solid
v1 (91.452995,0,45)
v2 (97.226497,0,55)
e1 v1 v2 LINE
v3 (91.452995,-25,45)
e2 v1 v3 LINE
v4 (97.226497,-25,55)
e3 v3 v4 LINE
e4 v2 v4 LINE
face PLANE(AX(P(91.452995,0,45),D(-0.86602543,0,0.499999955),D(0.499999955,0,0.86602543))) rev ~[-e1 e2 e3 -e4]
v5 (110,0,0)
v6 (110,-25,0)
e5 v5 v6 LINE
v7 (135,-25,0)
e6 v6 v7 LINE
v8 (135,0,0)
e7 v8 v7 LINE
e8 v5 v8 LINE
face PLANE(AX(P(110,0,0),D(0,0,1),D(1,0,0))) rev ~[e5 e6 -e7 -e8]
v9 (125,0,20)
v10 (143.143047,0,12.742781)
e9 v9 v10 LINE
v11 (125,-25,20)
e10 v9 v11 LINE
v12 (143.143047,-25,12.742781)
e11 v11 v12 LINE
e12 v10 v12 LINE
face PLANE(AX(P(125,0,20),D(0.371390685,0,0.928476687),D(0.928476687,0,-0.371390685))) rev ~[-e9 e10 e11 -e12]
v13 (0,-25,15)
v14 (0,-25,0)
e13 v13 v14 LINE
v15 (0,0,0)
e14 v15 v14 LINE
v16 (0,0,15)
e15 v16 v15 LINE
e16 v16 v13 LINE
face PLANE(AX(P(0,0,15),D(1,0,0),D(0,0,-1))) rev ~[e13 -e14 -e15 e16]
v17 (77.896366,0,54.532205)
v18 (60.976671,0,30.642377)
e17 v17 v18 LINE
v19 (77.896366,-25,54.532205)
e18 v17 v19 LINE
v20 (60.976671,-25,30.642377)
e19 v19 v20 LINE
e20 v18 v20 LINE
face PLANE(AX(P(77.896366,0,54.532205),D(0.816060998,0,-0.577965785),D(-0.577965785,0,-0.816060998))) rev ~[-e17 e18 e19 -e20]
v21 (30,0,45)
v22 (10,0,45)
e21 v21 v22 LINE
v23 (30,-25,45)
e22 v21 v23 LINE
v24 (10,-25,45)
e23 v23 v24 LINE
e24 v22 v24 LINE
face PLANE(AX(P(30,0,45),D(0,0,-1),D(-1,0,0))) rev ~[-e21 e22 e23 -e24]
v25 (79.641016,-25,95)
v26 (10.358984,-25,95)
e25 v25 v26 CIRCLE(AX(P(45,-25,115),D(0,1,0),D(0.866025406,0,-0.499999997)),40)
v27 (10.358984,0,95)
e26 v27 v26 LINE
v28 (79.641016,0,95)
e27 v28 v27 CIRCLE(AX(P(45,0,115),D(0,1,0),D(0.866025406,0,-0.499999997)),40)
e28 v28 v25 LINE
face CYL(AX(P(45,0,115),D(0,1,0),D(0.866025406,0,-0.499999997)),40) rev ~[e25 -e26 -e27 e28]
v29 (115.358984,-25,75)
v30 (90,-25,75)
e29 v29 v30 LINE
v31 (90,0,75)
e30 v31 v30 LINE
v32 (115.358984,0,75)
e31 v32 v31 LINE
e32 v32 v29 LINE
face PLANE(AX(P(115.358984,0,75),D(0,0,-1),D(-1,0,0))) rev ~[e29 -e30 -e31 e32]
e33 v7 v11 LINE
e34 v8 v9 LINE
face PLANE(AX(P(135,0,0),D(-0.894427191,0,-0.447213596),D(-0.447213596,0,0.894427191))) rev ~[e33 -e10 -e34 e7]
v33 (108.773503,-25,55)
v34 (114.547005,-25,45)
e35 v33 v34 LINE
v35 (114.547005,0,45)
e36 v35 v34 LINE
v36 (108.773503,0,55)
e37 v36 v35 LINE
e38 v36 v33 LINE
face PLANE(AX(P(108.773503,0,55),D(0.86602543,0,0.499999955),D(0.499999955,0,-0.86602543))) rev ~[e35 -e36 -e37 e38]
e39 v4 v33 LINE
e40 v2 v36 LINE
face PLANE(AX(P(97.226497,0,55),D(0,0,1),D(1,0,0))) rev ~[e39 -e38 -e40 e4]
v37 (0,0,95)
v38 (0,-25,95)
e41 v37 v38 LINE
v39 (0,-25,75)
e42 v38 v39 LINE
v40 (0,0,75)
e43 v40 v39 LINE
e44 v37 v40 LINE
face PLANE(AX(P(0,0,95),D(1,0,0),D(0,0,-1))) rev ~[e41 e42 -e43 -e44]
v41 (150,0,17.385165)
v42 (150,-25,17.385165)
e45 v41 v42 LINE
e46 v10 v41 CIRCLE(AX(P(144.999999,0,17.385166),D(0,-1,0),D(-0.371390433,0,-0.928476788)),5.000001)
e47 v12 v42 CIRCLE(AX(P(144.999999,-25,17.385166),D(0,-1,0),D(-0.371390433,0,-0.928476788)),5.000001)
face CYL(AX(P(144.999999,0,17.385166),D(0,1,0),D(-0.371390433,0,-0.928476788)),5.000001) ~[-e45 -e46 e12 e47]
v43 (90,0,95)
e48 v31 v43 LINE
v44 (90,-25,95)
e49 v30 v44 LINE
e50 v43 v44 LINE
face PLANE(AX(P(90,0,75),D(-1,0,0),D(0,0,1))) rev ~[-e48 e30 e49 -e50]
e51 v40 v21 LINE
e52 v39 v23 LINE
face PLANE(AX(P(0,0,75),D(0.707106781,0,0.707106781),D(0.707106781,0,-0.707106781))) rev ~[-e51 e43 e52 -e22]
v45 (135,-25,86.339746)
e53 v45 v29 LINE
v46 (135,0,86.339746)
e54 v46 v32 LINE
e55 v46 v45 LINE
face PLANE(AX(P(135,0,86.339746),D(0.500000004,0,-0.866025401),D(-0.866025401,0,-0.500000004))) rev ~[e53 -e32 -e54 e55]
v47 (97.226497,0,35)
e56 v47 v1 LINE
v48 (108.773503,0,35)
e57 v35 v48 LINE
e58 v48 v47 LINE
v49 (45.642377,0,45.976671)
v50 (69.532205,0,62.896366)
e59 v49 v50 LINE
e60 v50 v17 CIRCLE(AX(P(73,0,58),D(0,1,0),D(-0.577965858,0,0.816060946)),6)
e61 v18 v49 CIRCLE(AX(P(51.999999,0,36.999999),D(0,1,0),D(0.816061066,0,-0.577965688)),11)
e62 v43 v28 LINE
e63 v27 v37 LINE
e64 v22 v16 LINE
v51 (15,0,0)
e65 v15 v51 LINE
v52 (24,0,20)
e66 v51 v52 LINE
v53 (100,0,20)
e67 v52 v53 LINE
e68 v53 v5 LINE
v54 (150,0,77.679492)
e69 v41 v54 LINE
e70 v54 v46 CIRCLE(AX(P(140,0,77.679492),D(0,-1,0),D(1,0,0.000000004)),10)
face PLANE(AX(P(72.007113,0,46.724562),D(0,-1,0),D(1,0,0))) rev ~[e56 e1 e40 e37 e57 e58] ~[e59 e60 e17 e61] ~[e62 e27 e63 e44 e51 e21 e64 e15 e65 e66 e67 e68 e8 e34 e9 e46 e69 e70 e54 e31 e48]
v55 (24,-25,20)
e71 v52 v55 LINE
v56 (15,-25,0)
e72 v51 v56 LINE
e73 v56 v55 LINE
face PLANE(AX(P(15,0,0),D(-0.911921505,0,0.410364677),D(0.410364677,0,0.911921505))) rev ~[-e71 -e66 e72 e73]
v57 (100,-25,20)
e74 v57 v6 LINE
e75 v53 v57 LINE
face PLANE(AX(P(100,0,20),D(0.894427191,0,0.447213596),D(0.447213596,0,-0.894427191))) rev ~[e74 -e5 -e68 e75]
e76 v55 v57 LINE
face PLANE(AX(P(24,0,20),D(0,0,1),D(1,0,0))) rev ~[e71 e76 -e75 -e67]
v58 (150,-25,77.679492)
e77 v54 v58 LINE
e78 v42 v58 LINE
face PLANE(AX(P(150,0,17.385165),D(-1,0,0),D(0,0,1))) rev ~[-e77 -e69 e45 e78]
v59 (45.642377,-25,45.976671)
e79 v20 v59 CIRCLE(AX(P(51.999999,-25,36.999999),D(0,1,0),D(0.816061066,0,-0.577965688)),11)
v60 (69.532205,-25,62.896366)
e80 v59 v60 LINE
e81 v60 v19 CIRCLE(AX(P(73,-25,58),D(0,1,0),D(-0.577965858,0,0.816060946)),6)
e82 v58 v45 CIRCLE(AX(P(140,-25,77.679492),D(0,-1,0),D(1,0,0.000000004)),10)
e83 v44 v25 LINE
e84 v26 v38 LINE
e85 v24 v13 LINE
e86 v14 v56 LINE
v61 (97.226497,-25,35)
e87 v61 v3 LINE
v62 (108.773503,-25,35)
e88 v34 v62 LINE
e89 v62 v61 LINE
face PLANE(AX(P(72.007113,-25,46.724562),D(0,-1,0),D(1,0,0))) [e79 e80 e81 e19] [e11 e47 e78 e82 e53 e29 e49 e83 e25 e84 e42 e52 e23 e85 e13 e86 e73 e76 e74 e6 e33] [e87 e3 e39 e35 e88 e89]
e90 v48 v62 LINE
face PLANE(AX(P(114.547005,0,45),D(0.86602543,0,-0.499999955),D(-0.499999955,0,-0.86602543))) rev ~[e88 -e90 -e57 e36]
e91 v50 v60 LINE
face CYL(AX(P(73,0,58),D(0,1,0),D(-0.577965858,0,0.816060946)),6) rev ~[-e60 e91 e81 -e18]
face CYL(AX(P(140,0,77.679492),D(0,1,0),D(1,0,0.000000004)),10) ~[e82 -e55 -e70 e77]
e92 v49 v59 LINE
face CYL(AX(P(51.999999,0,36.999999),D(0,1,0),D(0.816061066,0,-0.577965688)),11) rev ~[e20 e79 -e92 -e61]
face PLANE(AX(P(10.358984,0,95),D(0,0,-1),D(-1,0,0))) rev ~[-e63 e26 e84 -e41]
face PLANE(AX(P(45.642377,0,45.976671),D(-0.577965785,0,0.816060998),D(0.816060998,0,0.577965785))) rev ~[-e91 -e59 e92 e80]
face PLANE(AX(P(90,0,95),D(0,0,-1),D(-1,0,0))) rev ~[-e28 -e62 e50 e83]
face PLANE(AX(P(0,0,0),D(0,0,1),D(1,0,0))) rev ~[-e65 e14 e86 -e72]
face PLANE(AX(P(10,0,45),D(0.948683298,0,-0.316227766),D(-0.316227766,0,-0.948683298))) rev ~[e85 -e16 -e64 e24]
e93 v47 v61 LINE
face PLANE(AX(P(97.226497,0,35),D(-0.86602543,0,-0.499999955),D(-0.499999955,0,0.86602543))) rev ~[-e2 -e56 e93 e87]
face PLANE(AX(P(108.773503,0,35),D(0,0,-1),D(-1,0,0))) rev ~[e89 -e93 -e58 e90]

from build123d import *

# Parameters (mm, degrees)
F1_DEPTH = 25


with BuildPart() as f1:
    # F0 (on Front) → F1 (new body)
    with BuildSketch(Plane.XZ):
        with BuildLine():
            Line((0, 15), (0, 0))
            Line((0, 0), (15, 0))
            Line((15, 0), (24, 20))
            Line((24, 20), (100, 20))
            Line((100, 20), (110, 0))
            Line((110, 0), (135, 0))
            Line((135, 0), (125, 20))
            Line((125, 20), (143.143047, 12.742781))
            ThreePointArc((143.143047, 12.742781), (147.803144, 13.244829), (150, 17.385165))
            Line((150, 17.385165), (150, 77.679492))
            ThreePointArc((150, 77.679492), (145, 86.339746), (135, 86.339746))
            Line((135, 86.339746), (115.358984, 75))
            Line((115.358984, 75), (90, 75))
            Line((90, 75), (90, 95))
            Line((90, 95), (79.641016, 95))
            ThreePointArc((79.641016, 95), (45, 75), (10.358984, 95))
            Line((10.358984, 95), (0, 95))
            Line((0, 95), (0, 75))
            Line((0, 75), (30, 45))
            Line((30, 45), (10, 45))
            Line((10, 45), (0, 15))
        make_face()
        with BuildLine():
            ThreePointArc((60.976671, 30.642377), (44.221825, 29.221825), (45.642377, 45.976671))
            Line((45.642377, 45.976671), (69.532205, 62.896366))
            ThreePointArc((69.532205, 62.896366), (77.242641, 62.242641), (77.896366, 54.532205))
            Line((77.896366, 54.532205), (60.976671, 30.642377))
        make_face(mode=Mode.SUBTRACT)
        Polygon((114.547005, 45), (108.773503, 35), (97.226497, 35), (91.452995, 45), (97.226497, 55), (108.773503, 55), align=None, mode=Mode.SUBTRACT)
    extrude(amount=F1_DEPTH)


solid = f1.part
